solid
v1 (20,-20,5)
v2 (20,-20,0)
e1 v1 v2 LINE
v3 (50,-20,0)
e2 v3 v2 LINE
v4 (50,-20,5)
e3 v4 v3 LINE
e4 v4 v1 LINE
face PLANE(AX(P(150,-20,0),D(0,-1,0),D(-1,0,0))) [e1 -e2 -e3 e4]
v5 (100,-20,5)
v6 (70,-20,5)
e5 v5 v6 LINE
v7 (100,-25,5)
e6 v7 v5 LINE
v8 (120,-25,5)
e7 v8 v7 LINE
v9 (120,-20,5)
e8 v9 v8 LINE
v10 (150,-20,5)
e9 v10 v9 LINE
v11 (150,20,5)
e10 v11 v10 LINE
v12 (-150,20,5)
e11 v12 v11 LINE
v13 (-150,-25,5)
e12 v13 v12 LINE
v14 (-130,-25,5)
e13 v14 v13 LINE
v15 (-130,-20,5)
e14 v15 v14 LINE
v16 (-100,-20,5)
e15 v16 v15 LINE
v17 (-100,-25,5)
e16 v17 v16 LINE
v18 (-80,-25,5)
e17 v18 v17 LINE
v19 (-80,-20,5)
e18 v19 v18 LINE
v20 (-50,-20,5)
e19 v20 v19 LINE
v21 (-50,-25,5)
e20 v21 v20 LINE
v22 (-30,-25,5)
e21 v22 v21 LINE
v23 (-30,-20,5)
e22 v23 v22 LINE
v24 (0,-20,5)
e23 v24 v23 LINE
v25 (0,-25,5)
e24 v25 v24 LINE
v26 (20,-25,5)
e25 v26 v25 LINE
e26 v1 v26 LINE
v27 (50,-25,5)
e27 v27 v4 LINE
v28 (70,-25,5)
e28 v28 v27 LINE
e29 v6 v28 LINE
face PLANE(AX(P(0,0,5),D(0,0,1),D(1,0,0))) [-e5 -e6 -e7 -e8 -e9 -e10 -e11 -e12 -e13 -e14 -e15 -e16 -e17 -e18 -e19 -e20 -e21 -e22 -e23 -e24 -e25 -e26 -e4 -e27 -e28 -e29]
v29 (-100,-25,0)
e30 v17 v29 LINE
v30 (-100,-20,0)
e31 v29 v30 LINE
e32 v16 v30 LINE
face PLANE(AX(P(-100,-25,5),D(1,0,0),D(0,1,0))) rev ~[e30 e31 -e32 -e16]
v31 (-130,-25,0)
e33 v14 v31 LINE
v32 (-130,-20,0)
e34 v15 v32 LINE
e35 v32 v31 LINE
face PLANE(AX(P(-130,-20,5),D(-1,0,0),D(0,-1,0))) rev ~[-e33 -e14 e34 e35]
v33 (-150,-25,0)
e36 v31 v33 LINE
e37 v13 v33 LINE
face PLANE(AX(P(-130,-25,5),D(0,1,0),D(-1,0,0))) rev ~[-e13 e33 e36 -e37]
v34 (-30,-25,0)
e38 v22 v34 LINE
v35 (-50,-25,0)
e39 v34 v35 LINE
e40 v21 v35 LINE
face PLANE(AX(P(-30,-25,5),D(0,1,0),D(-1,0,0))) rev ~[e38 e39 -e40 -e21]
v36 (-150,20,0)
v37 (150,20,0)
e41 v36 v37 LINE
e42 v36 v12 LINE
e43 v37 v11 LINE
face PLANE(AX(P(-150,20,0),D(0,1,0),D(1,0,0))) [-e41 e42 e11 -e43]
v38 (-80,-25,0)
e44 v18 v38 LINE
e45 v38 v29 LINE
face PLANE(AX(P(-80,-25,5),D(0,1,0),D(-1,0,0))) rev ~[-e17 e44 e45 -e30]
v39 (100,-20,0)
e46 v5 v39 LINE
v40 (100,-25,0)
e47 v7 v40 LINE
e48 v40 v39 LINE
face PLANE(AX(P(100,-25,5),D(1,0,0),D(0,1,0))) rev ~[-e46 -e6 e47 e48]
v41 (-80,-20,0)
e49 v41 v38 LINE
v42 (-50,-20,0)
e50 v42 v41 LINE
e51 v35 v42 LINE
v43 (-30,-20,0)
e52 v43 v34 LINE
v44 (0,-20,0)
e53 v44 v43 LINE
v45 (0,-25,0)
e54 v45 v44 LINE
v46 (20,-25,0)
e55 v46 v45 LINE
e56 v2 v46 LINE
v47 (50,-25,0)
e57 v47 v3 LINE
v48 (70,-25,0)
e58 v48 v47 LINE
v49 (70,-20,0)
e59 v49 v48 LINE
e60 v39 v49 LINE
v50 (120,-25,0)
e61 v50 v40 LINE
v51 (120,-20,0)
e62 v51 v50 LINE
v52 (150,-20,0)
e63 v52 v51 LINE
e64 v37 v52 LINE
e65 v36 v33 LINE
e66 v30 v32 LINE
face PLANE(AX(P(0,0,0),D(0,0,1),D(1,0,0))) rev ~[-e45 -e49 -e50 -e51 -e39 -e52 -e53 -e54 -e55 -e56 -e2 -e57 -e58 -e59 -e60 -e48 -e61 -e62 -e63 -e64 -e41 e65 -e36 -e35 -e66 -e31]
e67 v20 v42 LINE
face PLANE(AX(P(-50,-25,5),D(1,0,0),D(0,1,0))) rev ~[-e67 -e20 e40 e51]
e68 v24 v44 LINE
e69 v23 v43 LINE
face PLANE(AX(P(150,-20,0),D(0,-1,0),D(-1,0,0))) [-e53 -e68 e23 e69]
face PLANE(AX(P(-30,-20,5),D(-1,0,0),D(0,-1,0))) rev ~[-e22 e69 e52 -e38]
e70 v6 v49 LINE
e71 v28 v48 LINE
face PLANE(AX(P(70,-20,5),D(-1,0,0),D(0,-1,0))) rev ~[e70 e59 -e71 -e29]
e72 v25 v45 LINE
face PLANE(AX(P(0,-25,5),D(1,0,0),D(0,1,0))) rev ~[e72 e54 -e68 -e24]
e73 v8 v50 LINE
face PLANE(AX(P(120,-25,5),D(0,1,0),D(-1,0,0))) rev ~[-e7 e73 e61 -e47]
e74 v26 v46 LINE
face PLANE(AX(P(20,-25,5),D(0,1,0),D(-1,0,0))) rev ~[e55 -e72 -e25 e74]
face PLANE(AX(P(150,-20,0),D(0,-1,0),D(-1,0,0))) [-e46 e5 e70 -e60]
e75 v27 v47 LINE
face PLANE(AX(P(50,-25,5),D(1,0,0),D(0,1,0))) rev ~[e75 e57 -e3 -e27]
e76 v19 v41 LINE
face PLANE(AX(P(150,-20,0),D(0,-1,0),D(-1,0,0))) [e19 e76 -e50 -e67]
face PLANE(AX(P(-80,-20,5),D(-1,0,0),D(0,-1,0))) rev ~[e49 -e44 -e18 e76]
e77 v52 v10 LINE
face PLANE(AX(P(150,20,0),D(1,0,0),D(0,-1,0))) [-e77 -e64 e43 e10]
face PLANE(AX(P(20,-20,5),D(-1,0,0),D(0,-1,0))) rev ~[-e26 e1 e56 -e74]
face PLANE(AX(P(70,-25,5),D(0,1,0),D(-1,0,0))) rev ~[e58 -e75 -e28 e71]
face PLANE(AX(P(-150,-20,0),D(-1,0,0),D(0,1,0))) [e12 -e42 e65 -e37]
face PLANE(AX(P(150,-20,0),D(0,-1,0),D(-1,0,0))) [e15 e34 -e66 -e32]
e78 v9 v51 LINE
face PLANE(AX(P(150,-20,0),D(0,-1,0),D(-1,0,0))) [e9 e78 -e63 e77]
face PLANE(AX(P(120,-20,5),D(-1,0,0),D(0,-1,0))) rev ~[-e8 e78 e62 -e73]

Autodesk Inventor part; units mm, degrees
ref_plane "YZ Plane" through (0, 0, 0) normal (1, 0, 0) x (0, 1, 0)
ref_plane "XZ Plane" through (0, 0, 0) normal (0, 1, 0) x (-1, 0, 0)
ref_plane "XY Plane" through (0, 0, 0) normal (0, 0, 1) x (1, 0, 0)
sketch "Sketch1" plane through (0, 0, 0) normal (0, 0, 1) x (1, 0, 0)
  line L0 (-150, 20) -> (150, 20)
  line L1 (150, 20) -> (150, -20)
  line L2 (150, -20) -> (-150, -20)
  line L3 (-150, -20) -> (-150, 20)
  line L4 (-150, 20) -> (150, -20) construction
  line L5 (150, 20) -> (-150, -20) construction
  point P0 (0, 0)
  dimension "d0" = 300
  dimension "d1" = 40
extrude "Base" add sketch "Sketch1" along normal blind 5
sketch "Sketch2" plane through (0, 0, 5) normal (0, 0, 1) x (1, 0, 0)
  line L0 (-150, -20) -> (150, -20) projected
  line L1 (-150, -20) -> (-130, -20)
  line L2 (-130, -20) -> (-130, -25)
  line L3 (-130, -25) -> (-150, -25)
  line L4 (-150, -25) -> (-150, -20)
  line L5 (-100, -20) -> (-80, -20)
  line L6 (-80, -20) -> (-80, -25)
  line L7 (-80, -25) -> (-100, -25)
  line L8 (-100, -25) -> (-100, -20)
  line L9 (-50, -20) -> (-30, -20)
  line L10 (-30, -20) -> (-30, -25)
  line L11 (-30, -25) -> (-50, -25)
  line L12 (-50, -25) -> (-50, -20)
  line L13 (0, -20) -> (20, -20)
  line L14 (20, -20) -> (20, -25)
  line L15 (20, -25) -> (0, -25)
  line L16 (0, -25) -> (0, -20)
  line L17 (50, -20) -> (70, -20)
  line L18 (70, -20) -> (70, -25)
  line L19 (70, -25) -> (50, -25)
  line L20 (50, -25) -> (50, -20)
  line L21 (100, -20) -> (120, -20)
  line L22 (120, -20) -> (120, -25)
  line L23 (120, -25) -> (100, -25)
  line L24 (100, -25) -> (100, -20)
  point P0 (0, 0)
  point P1 (20, -20)
  point P2 (-30, -20)
  point P3 (70, -20)
  point P4 (50, -20)
  point P5 (-100, -20)
  dimension "d4" = 20
  dimension "d5" = 5
  dimension "d8" = 50
extrude "Encaixe" add sketch "Sketch2" against normal blind 5
properties part number "Divisória-22cm"
